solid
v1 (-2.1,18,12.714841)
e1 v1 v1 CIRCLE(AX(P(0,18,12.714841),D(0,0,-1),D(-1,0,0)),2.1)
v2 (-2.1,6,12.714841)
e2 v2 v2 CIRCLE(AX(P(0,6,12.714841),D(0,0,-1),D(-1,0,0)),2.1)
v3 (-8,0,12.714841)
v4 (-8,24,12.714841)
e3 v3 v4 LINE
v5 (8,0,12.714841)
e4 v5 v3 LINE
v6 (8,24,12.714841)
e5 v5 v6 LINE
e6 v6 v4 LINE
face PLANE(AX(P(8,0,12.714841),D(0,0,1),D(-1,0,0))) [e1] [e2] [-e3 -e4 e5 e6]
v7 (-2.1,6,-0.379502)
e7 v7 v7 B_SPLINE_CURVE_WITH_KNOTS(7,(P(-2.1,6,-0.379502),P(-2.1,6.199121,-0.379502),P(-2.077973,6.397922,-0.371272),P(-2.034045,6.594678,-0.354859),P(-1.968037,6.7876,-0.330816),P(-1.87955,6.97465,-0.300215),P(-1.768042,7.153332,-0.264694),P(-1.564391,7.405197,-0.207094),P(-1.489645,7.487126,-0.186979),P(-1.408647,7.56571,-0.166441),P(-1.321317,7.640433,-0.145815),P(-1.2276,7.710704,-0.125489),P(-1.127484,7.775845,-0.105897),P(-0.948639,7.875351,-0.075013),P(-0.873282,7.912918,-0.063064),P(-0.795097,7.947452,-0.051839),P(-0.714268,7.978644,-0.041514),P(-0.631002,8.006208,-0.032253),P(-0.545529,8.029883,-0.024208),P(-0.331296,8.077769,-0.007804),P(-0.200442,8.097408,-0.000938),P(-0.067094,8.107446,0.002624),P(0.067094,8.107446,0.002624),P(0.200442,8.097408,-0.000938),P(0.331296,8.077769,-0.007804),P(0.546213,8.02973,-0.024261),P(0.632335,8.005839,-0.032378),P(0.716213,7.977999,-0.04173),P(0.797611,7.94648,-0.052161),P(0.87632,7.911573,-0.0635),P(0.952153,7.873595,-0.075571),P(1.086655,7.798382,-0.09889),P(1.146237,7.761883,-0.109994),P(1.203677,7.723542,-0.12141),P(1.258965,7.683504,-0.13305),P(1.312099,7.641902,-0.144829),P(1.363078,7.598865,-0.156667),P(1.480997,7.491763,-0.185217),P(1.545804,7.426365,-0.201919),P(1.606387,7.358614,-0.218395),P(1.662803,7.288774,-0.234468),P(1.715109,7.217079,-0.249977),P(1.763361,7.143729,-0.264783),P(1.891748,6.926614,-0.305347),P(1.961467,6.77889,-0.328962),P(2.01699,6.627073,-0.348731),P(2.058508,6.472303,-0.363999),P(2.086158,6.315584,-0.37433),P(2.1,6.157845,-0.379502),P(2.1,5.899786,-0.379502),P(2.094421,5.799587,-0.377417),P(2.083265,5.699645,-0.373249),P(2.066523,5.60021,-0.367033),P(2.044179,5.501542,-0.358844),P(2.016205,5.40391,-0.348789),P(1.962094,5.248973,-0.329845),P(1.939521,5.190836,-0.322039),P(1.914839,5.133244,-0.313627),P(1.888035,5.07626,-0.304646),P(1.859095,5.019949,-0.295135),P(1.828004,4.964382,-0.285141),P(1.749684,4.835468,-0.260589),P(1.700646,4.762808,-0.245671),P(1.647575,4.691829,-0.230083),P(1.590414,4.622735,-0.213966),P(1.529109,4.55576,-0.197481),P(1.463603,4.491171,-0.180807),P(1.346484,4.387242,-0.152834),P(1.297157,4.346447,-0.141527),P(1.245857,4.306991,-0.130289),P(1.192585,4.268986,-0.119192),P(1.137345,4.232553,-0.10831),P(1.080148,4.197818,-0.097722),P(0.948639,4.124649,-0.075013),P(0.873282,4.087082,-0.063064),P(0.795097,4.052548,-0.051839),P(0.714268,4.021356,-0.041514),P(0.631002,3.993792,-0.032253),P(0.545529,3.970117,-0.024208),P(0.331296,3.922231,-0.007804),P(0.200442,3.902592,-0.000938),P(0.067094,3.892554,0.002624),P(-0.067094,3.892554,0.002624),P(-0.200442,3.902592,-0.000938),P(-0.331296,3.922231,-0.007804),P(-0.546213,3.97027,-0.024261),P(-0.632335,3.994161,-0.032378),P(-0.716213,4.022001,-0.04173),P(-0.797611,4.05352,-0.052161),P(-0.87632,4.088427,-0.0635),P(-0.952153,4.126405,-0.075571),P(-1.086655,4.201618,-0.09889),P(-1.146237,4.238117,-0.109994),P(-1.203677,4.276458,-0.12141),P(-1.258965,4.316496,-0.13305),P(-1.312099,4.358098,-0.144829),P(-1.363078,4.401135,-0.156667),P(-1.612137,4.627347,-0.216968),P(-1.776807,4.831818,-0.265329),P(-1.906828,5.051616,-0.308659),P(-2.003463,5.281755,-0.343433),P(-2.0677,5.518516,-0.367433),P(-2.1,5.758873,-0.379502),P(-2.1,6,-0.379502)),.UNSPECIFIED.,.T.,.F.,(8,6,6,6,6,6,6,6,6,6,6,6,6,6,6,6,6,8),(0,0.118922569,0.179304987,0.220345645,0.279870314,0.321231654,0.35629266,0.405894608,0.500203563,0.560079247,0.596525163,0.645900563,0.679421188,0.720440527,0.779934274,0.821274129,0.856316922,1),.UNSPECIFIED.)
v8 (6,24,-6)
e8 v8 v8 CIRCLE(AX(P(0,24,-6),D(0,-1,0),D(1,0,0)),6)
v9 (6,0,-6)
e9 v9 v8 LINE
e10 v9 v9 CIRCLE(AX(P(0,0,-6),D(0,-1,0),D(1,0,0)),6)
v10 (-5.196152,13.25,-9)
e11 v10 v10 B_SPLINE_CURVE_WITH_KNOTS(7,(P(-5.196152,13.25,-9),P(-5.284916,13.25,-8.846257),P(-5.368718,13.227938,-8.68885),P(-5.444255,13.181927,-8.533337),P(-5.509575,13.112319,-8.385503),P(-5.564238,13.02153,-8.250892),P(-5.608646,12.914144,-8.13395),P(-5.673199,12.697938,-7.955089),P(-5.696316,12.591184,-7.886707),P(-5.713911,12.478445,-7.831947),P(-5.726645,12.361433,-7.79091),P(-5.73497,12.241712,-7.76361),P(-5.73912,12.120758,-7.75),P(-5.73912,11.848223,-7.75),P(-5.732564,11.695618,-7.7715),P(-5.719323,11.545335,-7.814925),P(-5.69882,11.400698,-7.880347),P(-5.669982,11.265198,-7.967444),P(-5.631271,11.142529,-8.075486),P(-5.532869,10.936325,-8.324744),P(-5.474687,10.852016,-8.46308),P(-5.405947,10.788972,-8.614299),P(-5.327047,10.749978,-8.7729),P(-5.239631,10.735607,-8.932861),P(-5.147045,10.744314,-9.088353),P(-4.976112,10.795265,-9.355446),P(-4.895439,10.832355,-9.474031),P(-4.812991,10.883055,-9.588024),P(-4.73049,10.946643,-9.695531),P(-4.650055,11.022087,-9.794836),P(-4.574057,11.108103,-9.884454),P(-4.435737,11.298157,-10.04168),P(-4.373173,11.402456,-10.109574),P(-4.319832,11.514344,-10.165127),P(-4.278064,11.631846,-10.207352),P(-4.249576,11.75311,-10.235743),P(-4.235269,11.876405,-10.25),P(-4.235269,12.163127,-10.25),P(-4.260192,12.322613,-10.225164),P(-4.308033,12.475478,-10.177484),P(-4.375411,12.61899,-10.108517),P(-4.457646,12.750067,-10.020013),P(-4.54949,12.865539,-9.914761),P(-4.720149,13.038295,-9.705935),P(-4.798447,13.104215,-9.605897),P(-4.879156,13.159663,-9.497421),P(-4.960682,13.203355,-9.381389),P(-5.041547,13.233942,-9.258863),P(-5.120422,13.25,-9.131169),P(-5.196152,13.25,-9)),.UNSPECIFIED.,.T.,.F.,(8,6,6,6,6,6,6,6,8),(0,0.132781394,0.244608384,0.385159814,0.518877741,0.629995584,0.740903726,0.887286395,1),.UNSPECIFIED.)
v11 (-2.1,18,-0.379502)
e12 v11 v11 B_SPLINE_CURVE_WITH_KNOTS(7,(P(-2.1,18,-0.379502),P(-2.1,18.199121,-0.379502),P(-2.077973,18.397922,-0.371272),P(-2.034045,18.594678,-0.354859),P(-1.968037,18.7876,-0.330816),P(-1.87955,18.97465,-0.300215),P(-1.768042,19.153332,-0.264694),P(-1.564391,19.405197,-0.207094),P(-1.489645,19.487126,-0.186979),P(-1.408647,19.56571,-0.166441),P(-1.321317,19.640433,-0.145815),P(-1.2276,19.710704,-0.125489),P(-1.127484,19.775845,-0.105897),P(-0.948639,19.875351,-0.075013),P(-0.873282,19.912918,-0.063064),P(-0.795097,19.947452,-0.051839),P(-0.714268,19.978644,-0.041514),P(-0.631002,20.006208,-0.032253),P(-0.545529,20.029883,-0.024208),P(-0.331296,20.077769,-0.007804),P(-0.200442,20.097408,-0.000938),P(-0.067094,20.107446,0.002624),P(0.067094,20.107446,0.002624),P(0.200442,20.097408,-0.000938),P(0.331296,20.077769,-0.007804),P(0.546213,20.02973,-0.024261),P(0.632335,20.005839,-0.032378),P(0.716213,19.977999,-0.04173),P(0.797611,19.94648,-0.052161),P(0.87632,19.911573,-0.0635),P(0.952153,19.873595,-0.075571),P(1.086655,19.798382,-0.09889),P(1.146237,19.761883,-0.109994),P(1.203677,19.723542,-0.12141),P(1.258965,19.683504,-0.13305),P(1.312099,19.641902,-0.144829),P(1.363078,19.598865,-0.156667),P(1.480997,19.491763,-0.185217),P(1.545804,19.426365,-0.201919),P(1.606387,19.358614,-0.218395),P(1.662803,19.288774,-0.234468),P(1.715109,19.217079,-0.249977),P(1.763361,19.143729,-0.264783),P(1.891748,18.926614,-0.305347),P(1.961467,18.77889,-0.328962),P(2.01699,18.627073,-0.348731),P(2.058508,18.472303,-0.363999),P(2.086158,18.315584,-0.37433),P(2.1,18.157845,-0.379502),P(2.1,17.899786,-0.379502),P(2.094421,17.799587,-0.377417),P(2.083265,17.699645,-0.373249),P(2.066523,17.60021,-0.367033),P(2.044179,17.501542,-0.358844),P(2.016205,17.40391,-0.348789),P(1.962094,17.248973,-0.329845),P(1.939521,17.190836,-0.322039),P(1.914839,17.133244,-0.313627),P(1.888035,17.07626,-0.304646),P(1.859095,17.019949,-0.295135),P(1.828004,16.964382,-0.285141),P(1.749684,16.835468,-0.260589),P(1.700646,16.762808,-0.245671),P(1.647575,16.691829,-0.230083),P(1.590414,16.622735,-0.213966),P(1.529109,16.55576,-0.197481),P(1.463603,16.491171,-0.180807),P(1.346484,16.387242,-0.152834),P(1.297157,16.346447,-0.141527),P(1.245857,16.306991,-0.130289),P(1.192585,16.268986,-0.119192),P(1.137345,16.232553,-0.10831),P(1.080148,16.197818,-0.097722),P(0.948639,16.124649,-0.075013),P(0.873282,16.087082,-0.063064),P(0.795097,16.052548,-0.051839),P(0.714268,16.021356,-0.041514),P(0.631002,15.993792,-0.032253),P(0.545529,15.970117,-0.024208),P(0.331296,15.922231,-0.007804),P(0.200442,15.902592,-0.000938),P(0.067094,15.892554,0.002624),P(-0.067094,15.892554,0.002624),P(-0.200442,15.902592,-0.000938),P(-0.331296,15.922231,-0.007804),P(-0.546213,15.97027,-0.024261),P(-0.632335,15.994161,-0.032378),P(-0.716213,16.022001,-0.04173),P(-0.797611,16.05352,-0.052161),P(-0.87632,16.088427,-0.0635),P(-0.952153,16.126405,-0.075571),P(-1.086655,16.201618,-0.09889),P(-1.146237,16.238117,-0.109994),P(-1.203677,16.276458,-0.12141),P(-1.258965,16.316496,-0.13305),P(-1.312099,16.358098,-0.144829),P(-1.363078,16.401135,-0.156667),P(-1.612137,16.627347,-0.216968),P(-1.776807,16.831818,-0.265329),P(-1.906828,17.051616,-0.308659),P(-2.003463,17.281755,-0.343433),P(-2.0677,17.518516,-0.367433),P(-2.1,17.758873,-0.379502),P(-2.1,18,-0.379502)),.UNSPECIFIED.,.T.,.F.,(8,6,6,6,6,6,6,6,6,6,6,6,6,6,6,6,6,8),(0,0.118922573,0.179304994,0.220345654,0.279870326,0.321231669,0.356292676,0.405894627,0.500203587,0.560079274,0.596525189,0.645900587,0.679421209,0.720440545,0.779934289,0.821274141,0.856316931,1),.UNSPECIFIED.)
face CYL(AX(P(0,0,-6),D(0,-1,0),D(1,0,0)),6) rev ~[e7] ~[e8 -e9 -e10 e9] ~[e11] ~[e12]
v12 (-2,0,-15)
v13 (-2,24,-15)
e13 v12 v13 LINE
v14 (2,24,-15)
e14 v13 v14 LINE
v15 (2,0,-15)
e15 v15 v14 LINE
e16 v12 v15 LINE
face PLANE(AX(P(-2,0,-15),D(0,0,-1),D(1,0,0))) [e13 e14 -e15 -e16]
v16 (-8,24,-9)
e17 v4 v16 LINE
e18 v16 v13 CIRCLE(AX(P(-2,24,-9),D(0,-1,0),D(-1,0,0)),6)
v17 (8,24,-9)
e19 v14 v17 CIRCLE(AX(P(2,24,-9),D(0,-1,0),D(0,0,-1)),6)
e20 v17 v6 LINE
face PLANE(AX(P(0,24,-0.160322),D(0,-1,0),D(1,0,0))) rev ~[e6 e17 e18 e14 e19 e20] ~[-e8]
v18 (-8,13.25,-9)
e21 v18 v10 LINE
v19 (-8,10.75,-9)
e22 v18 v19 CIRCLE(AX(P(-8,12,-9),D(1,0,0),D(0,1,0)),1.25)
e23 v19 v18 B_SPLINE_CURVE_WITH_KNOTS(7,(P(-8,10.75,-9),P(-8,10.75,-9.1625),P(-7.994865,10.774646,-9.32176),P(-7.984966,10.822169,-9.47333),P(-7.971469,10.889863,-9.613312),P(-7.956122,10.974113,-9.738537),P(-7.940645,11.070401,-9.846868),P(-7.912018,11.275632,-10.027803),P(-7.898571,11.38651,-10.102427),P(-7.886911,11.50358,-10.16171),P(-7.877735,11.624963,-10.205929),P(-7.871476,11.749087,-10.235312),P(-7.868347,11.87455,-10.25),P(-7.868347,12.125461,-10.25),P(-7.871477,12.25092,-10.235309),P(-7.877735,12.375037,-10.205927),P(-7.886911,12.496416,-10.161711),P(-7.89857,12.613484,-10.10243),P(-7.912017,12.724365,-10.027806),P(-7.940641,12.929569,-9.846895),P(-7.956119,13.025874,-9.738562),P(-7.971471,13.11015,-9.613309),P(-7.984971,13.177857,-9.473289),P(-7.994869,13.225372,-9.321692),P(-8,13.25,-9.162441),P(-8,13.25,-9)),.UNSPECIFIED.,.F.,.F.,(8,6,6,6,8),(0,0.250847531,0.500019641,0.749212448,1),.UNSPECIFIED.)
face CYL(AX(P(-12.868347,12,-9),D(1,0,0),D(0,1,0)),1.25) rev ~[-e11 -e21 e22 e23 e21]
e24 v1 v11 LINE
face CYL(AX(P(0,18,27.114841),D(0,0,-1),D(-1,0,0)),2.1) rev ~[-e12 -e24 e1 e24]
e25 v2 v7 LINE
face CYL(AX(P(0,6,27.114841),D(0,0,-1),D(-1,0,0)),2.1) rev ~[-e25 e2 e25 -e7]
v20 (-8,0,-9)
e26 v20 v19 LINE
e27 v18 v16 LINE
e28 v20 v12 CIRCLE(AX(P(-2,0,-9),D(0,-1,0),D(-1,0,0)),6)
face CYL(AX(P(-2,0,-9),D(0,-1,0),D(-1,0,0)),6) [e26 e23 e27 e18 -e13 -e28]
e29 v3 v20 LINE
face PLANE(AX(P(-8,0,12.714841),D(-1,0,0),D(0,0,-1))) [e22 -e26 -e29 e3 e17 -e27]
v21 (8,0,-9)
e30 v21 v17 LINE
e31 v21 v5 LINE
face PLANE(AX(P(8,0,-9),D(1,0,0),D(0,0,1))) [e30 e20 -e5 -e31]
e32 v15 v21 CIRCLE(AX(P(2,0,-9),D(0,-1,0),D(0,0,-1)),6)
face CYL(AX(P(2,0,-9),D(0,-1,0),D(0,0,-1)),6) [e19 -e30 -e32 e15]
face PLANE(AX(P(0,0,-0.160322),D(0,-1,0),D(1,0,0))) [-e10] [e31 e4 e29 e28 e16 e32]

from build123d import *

# Parameters (mm, degrees)
F0_R     = 6
F1_DEPTH = 24
F3_D     = 4.2
F3_DEPTH = 14.4
F3_TIP   = 1.2618073
F5_D     = 2.5
F5_DEPTH = 5
F5_START = 0.1316528
F5_TIP   = 0.7510757738


with BuildPart() as f1:
    # F0 (on Front) → F1 (new body)
    with BuildSketch(Plane.XZ):
        with BuildLine():
            Line((8, 12.7148411355), (-8, 12.7148411355))
            Line((-8, 12.7148411355), (-8, -9))
            ThreePointArc((-8, -9), (-6.2426406871, -13.2426406871), (-2, -15))
            Line((-2, -15), (2, -15))
            ThreePointArc((2, -15), (6.2426406871, -13.2426406871), (8, -9))
            Line((8, -9), (8, 12.7148411355))
        make_face()
        with Locations((0, -6)):
            Circle(F0_R, mode=Mode.SUBTRACT)
    extrude(amount=-F1_DEPTH)

    # F3
    with Locations(Plane.XY.offset(12.7148411355)):
        with Locations((0, 18), (0, 6)):
            Hole(F3_D / 2, depth=F3_DEPTH)
            with Locations((0, 0, -(F3_DEPTH + F3_TIP / 2))):  # 118° drill point
                Cone(0, F3_D / 2, F3_TIP, mode=Mode.SUBTRACT)

    # F5
    # its depths count from where the whole tool has entered the part; down to there all is cleared
    with Locations(Plane(origin=(-8, 0, 0), x_dir=(0, -1, 0), z_dir=(-1, 0, 0)).offset(-F5_START)):
        with Locations((-12, -9)):
            Hole(F5_D / 2, depth=F5_DEPTH)
            with Locations((0, 0, -(F5_DEPTH + F5_TIP / 2))):  # 118° drill point
                Cone(0, F5_D / 2, F5_TIP, mode=Mode.SUBTRACT)


solid = f1.part
